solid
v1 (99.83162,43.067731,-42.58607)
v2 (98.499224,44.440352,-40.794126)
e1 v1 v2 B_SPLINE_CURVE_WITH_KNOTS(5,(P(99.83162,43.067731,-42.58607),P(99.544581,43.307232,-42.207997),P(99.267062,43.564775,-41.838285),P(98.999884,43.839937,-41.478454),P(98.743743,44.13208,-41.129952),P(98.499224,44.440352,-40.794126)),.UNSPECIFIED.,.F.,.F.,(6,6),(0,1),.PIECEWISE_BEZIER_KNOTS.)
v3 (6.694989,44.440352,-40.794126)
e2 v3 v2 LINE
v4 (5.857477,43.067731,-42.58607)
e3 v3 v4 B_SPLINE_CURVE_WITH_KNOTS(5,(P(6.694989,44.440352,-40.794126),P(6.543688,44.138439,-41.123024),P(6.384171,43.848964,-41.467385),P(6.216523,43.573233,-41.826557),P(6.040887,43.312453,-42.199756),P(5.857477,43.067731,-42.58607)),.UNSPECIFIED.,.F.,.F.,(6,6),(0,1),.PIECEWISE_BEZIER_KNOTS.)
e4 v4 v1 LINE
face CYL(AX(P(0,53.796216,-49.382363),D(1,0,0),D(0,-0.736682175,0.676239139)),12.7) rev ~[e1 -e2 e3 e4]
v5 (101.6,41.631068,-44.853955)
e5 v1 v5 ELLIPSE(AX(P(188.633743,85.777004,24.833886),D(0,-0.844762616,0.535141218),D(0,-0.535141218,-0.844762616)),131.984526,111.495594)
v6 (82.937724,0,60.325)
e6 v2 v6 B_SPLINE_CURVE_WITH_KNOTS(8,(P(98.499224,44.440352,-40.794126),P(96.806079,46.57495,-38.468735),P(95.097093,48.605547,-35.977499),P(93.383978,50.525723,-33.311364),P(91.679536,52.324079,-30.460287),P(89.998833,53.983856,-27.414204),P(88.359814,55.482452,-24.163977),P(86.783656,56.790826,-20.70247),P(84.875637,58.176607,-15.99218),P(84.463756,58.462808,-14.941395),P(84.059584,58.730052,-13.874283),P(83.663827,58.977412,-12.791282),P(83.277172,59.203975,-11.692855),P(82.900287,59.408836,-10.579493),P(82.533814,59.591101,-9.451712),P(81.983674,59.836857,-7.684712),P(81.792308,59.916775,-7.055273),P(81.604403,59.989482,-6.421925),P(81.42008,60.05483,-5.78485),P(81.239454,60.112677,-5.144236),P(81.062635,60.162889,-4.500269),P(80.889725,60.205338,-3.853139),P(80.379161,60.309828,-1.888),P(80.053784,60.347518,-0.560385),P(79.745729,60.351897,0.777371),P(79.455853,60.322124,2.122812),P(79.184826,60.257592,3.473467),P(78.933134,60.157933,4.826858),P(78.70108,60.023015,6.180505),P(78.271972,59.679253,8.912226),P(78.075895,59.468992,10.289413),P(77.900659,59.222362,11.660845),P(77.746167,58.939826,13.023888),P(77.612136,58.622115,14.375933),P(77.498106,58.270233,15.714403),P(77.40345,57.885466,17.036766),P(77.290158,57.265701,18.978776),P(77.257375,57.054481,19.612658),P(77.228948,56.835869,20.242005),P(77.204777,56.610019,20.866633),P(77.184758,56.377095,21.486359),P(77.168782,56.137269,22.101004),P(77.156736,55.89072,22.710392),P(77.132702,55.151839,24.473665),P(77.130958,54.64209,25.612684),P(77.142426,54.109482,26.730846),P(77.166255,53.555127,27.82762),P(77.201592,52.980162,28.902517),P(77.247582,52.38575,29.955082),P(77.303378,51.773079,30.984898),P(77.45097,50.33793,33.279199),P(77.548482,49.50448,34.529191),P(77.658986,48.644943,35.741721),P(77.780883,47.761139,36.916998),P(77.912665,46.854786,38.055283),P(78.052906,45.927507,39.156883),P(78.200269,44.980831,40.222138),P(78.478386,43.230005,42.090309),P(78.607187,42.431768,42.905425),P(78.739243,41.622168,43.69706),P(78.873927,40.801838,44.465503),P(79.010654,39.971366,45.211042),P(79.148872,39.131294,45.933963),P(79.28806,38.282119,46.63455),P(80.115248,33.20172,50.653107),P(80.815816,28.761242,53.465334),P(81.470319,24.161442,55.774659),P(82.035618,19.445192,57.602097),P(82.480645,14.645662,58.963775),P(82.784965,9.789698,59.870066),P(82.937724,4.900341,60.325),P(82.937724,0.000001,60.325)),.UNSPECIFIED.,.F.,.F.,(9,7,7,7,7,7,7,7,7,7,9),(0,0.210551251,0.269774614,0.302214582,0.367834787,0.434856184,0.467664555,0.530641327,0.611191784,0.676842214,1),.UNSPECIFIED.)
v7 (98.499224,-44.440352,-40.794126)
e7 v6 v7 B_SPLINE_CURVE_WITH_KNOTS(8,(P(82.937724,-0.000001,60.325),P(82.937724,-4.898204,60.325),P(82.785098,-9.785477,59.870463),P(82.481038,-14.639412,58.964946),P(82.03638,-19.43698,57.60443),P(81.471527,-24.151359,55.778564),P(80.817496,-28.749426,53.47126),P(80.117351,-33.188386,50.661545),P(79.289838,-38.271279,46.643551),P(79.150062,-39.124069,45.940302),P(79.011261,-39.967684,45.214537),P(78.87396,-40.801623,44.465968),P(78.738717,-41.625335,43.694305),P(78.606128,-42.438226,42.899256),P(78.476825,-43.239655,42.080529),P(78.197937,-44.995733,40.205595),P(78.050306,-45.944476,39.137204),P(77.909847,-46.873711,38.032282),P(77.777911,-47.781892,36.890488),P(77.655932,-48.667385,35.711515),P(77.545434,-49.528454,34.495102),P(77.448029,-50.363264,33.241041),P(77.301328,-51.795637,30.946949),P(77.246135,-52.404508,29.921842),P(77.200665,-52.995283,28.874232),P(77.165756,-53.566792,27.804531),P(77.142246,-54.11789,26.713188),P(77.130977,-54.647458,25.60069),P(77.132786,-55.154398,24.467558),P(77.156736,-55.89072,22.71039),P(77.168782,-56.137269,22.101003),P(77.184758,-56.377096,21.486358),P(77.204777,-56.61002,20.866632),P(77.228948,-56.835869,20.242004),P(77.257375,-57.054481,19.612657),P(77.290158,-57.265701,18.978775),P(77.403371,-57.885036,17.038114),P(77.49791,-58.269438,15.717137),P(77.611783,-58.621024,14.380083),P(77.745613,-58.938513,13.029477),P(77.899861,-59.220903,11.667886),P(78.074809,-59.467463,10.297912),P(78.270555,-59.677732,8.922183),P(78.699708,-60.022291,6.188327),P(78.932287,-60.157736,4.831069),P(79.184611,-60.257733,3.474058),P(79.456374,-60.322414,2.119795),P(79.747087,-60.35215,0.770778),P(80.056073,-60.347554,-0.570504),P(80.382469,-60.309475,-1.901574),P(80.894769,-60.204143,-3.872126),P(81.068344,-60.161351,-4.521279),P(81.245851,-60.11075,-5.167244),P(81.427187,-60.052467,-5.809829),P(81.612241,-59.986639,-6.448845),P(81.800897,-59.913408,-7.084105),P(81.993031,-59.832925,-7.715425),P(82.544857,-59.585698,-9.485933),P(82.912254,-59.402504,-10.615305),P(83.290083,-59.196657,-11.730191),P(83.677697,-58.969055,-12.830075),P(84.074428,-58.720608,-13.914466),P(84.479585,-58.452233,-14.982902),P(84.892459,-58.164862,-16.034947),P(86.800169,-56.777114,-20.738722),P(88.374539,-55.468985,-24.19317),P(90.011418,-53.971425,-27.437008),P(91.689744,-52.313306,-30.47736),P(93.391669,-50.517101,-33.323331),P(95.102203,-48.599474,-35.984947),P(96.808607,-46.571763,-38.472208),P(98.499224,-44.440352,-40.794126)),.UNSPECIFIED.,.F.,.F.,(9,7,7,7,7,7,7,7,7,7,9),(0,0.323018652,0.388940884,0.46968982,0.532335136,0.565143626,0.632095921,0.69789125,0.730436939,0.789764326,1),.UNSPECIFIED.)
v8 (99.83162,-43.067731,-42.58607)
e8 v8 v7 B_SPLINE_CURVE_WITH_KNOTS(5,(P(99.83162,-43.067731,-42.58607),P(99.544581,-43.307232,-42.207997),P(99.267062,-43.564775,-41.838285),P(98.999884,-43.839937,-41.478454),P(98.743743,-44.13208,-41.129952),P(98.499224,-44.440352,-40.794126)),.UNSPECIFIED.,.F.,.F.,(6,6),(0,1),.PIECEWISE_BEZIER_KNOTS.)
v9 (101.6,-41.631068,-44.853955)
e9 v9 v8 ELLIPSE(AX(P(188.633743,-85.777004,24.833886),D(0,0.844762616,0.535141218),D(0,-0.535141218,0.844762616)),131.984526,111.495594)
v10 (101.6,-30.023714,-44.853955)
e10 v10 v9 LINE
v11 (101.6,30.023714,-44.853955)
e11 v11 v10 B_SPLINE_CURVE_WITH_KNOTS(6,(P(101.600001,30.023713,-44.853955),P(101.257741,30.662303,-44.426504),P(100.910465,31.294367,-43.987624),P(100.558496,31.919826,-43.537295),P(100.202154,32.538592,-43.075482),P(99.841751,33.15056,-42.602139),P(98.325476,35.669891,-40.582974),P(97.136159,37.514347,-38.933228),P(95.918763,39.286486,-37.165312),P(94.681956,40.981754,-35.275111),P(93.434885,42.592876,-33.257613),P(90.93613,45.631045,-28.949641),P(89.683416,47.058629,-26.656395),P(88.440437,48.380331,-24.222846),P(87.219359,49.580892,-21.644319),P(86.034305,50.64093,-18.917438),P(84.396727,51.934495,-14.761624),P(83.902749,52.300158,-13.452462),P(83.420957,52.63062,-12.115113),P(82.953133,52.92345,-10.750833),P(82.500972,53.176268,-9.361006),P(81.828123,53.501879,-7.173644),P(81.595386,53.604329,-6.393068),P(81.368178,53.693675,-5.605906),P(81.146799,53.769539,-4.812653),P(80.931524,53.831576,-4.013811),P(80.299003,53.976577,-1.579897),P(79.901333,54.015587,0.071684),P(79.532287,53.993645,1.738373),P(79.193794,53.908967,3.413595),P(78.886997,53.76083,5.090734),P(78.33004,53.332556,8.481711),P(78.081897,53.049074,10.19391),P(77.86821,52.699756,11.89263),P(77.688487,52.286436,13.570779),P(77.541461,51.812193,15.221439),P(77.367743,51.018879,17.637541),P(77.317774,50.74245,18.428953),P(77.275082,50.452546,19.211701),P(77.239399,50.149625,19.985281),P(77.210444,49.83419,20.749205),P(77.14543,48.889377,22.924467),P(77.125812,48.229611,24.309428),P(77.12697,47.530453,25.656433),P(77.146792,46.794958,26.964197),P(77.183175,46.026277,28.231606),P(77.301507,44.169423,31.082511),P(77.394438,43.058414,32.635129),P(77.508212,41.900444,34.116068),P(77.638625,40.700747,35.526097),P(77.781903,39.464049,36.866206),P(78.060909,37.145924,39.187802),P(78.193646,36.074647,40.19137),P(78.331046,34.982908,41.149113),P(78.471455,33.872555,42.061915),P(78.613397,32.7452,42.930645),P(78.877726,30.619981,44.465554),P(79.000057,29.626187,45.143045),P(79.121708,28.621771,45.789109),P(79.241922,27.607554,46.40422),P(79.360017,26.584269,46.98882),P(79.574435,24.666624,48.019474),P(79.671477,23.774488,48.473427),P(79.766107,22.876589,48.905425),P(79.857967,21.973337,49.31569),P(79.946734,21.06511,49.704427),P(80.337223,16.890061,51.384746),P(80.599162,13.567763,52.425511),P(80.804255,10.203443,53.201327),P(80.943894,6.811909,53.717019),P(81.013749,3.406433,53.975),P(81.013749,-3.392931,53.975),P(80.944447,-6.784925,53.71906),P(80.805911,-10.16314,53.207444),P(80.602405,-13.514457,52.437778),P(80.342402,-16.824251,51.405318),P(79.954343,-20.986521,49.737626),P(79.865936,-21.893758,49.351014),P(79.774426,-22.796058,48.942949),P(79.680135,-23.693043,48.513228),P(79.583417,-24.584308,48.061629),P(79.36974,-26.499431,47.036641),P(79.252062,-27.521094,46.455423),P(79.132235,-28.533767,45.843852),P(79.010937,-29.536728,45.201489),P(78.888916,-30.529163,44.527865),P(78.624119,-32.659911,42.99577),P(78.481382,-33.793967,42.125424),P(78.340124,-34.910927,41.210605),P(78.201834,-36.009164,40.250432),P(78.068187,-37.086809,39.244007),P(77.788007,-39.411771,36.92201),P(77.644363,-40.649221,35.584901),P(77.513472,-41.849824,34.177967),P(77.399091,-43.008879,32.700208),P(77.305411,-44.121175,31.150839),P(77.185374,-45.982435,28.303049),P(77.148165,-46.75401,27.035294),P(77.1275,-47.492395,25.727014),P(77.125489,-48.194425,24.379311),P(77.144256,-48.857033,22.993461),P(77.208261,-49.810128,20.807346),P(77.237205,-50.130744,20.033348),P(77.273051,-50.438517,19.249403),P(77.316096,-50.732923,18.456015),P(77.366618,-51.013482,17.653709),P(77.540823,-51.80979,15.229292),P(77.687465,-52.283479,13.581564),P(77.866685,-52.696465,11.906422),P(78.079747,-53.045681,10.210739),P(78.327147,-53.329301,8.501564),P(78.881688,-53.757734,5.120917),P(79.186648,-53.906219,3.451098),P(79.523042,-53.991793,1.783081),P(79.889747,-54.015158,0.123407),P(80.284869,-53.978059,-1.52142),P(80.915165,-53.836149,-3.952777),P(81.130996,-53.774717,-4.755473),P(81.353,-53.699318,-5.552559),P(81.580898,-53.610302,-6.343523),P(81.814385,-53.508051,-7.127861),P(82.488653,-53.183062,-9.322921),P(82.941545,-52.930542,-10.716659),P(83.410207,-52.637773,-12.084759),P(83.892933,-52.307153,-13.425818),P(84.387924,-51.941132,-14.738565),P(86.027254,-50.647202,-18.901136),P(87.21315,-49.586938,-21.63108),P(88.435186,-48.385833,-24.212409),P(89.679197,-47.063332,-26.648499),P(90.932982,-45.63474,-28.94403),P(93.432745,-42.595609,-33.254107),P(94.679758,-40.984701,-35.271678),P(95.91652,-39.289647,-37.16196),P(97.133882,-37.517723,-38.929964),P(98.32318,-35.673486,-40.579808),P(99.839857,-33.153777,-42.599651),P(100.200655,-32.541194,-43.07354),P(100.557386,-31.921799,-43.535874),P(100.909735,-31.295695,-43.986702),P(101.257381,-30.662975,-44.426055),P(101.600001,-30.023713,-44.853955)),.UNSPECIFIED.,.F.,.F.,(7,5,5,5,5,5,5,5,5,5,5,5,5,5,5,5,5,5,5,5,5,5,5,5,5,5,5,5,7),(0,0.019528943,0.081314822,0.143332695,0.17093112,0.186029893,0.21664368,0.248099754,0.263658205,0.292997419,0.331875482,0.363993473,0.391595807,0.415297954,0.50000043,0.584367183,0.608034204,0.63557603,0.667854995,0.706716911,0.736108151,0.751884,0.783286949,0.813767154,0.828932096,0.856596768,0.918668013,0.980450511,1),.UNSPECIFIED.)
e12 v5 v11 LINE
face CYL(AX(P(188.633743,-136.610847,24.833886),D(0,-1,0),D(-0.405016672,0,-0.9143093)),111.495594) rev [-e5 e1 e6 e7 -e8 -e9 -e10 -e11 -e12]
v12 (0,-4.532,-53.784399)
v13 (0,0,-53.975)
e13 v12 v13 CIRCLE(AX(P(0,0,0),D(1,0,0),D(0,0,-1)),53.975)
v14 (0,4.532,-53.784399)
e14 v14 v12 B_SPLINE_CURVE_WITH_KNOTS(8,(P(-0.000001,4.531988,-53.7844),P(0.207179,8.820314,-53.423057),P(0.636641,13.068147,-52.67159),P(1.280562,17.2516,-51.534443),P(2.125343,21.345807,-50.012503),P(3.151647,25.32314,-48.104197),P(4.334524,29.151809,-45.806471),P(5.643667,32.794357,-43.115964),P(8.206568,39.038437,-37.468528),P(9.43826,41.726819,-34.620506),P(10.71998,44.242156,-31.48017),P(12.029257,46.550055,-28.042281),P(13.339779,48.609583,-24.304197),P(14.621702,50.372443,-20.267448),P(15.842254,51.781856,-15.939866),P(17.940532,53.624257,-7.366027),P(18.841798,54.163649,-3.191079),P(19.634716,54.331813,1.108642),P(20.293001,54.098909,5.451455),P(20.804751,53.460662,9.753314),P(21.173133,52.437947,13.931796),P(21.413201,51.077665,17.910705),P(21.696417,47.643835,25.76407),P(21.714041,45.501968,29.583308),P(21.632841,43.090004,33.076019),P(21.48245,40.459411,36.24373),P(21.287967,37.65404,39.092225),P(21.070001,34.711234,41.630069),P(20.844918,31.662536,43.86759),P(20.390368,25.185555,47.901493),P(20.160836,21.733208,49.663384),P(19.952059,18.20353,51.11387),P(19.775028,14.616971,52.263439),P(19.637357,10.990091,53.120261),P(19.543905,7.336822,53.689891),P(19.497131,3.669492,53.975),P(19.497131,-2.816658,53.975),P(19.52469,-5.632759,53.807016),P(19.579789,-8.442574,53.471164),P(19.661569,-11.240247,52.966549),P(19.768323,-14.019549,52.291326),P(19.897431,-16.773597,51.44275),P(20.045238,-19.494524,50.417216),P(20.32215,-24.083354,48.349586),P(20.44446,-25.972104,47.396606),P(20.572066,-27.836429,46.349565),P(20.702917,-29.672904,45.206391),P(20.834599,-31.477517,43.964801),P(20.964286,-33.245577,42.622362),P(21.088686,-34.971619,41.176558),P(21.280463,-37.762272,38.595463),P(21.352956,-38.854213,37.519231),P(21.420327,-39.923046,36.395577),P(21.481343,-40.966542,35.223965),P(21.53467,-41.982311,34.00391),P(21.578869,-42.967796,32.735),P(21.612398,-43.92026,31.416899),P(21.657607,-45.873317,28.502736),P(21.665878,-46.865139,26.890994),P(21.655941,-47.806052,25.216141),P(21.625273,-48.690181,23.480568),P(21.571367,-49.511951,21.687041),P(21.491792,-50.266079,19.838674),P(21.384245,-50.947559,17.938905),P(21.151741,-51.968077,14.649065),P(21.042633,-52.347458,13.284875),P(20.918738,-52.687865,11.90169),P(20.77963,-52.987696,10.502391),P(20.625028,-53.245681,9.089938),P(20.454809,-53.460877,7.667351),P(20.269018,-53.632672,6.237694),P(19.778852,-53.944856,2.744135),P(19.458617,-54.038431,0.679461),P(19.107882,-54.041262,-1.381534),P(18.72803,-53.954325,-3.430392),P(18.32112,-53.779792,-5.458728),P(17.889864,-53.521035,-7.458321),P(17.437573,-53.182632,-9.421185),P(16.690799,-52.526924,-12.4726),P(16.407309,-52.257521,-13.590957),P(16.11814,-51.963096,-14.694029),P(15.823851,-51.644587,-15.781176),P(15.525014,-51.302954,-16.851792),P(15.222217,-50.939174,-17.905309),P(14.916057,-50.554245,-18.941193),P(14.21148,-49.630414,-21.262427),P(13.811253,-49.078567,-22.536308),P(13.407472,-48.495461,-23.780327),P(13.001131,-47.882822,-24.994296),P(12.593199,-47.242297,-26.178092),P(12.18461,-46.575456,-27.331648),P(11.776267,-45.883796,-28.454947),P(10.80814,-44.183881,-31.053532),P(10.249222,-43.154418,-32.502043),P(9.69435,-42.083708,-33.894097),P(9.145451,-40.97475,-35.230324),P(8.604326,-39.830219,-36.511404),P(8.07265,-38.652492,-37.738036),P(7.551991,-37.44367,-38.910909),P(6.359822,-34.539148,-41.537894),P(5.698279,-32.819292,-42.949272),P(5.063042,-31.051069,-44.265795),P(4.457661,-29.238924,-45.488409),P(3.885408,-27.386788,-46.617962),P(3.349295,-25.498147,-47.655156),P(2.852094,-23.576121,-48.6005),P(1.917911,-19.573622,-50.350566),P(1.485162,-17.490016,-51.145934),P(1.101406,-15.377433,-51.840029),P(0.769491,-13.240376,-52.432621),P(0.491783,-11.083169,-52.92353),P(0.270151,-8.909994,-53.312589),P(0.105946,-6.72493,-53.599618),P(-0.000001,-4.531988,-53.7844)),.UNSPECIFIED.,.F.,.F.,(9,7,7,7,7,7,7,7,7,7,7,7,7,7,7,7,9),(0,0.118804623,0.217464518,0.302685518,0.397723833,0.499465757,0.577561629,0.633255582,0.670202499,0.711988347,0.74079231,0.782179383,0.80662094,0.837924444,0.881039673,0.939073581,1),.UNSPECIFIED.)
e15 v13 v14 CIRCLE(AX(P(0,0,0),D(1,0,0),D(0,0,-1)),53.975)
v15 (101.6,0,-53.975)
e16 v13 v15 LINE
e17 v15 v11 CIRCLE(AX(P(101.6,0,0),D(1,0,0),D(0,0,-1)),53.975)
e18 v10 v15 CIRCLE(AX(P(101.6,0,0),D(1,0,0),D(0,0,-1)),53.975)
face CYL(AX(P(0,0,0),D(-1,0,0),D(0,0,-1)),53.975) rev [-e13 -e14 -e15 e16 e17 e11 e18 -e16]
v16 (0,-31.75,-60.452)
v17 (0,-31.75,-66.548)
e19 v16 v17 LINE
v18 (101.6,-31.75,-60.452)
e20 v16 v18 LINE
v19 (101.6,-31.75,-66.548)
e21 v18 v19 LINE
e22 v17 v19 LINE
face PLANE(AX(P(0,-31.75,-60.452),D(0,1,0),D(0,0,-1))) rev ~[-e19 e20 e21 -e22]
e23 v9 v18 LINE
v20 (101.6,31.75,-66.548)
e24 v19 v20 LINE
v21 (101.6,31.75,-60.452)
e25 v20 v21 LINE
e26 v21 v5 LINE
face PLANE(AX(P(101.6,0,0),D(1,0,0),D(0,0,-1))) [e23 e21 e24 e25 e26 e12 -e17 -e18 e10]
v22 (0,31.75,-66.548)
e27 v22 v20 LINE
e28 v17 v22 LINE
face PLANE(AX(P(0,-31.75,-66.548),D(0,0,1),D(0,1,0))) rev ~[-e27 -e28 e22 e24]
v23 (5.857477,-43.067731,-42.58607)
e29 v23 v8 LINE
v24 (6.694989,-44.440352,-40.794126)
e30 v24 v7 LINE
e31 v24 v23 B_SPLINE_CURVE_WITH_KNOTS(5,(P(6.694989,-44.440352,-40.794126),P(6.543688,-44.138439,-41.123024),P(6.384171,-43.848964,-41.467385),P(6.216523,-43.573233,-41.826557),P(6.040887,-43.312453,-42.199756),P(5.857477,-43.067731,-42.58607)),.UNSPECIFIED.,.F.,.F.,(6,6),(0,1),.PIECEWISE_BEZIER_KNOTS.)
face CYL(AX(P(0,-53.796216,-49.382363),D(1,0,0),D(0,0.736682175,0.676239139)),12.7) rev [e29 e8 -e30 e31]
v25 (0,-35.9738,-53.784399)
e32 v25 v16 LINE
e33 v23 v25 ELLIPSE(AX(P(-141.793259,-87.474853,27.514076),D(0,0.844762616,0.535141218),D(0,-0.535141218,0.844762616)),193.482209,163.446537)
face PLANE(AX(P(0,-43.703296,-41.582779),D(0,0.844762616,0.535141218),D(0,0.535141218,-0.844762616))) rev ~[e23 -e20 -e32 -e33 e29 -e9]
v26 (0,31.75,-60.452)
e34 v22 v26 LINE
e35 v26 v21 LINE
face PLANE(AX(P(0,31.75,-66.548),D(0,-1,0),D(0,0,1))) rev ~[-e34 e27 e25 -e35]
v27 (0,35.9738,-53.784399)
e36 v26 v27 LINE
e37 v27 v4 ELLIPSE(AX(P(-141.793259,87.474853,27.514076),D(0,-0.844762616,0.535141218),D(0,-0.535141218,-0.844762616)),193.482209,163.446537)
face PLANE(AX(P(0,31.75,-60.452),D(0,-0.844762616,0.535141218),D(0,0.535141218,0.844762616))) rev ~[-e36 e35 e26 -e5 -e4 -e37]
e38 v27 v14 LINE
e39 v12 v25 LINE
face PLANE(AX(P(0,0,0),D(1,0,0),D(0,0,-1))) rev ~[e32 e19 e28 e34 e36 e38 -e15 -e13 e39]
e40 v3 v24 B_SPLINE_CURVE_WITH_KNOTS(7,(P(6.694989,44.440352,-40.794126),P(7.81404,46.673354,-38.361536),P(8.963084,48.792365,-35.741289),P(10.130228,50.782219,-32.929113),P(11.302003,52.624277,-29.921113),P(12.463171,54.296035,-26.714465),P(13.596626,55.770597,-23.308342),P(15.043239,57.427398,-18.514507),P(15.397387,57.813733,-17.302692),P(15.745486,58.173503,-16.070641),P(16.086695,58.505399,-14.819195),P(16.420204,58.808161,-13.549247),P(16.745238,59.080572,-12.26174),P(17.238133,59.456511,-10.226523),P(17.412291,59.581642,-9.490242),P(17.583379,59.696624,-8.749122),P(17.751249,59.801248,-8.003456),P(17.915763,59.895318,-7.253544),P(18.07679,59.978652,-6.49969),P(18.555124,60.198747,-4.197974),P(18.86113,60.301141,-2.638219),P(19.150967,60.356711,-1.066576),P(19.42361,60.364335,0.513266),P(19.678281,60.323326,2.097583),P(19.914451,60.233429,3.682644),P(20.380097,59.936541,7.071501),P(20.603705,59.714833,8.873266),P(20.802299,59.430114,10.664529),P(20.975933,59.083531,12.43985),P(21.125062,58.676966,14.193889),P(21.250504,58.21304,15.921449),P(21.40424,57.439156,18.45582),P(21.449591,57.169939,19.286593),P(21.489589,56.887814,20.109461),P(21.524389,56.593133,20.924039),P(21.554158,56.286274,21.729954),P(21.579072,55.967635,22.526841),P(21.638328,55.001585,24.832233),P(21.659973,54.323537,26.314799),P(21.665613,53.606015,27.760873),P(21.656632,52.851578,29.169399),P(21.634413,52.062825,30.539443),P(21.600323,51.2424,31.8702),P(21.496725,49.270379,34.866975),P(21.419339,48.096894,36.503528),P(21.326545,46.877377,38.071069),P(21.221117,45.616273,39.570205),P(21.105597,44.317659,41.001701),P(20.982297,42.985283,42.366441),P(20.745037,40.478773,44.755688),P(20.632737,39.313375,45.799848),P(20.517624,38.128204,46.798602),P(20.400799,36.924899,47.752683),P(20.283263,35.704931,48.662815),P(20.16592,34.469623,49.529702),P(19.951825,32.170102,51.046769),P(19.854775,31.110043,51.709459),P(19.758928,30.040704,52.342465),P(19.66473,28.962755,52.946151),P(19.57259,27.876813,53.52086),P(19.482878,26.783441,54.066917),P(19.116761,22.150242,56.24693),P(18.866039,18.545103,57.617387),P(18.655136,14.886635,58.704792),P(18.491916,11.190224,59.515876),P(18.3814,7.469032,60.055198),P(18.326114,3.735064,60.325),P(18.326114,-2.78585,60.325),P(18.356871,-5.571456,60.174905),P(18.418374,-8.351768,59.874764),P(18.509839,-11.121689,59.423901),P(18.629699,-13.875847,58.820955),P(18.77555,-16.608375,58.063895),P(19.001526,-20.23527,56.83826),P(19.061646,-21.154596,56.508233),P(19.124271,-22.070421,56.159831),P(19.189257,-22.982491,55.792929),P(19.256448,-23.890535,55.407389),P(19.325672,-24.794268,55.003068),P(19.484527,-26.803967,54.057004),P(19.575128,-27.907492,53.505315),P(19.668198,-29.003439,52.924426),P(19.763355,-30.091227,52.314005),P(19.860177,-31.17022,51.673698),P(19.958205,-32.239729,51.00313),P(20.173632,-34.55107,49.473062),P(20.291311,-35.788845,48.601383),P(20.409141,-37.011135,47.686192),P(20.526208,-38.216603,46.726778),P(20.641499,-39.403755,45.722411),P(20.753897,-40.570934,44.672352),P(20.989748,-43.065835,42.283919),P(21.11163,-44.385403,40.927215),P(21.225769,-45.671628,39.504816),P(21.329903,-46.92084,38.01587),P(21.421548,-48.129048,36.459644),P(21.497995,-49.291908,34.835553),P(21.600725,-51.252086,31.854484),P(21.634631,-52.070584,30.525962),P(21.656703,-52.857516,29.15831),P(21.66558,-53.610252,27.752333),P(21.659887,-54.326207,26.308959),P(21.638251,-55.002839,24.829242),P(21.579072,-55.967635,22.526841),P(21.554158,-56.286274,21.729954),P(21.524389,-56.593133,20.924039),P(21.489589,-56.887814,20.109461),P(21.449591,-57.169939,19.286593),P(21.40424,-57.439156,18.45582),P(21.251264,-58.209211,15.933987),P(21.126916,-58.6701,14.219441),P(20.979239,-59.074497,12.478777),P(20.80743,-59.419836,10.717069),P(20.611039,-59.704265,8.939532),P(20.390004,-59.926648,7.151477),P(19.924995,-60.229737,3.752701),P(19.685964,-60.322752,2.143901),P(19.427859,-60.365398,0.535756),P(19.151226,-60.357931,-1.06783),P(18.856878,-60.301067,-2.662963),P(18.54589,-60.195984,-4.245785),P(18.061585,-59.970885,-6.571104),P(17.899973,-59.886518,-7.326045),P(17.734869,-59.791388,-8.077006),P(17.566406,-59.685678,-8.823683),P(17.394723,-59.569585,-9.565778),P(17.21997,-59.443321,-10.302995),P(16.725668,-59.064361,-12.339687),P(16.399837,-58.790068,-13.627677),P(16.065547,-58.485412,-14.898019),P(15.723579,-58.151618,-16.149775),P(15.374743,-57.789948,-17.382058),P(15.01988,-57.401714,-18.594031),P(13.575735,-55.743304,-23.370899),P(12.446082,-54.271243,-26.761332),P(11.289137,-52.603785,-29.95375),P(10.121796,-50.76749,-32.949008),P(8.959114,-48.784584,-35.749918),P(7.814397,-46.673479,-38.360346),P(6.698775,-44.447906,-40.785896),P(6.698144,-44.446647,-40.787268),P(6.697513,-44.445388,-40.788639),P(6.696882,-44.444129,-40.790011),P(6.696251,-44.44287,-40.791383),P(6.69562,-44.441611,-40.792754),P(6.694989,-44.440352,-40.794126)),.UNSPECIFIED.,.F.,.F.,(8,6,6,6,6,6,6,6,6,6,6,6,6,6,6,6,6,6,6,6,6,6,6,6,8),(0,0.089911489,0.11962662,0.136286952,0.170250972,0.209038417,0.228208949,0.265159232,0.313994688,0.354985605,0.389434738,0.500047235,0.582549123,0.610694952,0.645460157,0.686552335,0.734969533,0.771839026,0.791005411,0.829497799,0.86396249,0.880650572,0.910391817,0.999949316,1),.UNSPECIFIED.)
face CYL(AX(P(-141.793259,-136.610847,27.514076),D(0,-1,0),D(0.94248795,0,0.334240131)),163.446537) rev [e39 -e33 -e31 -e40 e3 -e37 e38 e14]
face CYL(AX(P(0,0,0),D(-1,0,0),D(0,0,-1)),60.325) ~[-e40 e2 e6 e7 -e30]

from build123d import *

# Parameters (mm, degrees)
SKETCH1_R               = 60.325
SKETCH1_R_2             = 53.975
BOSS_EXTRUDE1_DEPTH     = 101.6
FILLET3_R               = 12.7
CUT_EXTRUDE2_DEPTH      = 136.610847387
CUT_EXTRUDE2_DEPTH_BACK = 136.610847387


with BuildPart() as part:
    # Sketch1 → Boss-Extrude1 (new body)
    # profile 1 of 2: a face of its own
    with BuildSketch(Plane(origin=(0, 0, 0), x_dir=(0, 0, -1), z_dir=(1, 0, 0))):
        with BuildLine():
            Line((66.548, 31.75), (60.452, 31.75))
            Line((60.452, 31.75), (41.582779106, 43.703296292))
            ThreePointArc((41.582779106, 43.703296292), (55.441801804, 23.776295711), (60.325, 0))
            ThreePointArc((60.325, 0), (55.441801804, -23.776295711), (41.582779106, -43.703296292))
            Line((41.582779106, -43.703296292), (60.452, -31.75))
            Line((60.452, -31.75), (66.548, -31.75))
            Line((66.548, -31.75), (66.548, 31.75))
        make_face()
    # profile 2 of 2: a face of its own
    with BuildSketch(Plane(origin=(0, 0, 0), x_dir=(0, 0, -1), z_dir=(1, 0, 0))):
        Circle(SKETCH1_R)
        Circle(SKETCH1_R_2, mode=Mode.SUBTRACT)
    extrude(amount=BOSS_EXTRUDE1_DEPTH)

    # Fillet3
    fillet3_edges = [part.edges().sort_by_distance(p)[0] for p in [
        (50.8, -43.703296292, -41.582779106),
        (50.8, 43.703296292, -41.582779106),
    ]]
    fillet(fillet3_edges, radius=FILLET3_R)

    # Sketch3 → Cut-Extrude2 (cut, two sides: drawn at the far end of the back side and taken through both)
    with BuildSketch(Plane(origin=(0, 0, 0), x_dir=(1, 0, 0), z_dir=(0, 1, 0)).offset(-CUT_EXTRUDE2_DEPTH_BACK)):
        with BuildLine():
            Line((-10.157501367, 69.371411559), (-19.945541418, 96.449034115))
            Line((-19.945541418, 96.449034115), (-19.945541418, -173.768884202))
            Line((-19.945541418, -173.768884202), (157.676309373, -157.23901293))
            Line((157.676309373, -157.23901293), (148.297284667, 47.894894174))
            Line((148.297284667, 47.894894174), (143.476168145, 77.107572373))
            ThreePointArc((143.476168145, 77.107572373), (86.598799566, 20.112057795), (82.937724358, -60.325))
            Line((82.937724358, -60.325), (12.253132086, -82.144467522))
            ThreePointArc((12.253132086, -82.144467522), (19.894210891, -3.598967597), (-10.157501367, 69.371411559))
        make_face()
    extrude(amount=CUT_EXTRUDE2_DEPTH + CUT_EXTRUDE2_DEPTH_BACK, mode=Mode.SUBTRACT)


solid = part.part
